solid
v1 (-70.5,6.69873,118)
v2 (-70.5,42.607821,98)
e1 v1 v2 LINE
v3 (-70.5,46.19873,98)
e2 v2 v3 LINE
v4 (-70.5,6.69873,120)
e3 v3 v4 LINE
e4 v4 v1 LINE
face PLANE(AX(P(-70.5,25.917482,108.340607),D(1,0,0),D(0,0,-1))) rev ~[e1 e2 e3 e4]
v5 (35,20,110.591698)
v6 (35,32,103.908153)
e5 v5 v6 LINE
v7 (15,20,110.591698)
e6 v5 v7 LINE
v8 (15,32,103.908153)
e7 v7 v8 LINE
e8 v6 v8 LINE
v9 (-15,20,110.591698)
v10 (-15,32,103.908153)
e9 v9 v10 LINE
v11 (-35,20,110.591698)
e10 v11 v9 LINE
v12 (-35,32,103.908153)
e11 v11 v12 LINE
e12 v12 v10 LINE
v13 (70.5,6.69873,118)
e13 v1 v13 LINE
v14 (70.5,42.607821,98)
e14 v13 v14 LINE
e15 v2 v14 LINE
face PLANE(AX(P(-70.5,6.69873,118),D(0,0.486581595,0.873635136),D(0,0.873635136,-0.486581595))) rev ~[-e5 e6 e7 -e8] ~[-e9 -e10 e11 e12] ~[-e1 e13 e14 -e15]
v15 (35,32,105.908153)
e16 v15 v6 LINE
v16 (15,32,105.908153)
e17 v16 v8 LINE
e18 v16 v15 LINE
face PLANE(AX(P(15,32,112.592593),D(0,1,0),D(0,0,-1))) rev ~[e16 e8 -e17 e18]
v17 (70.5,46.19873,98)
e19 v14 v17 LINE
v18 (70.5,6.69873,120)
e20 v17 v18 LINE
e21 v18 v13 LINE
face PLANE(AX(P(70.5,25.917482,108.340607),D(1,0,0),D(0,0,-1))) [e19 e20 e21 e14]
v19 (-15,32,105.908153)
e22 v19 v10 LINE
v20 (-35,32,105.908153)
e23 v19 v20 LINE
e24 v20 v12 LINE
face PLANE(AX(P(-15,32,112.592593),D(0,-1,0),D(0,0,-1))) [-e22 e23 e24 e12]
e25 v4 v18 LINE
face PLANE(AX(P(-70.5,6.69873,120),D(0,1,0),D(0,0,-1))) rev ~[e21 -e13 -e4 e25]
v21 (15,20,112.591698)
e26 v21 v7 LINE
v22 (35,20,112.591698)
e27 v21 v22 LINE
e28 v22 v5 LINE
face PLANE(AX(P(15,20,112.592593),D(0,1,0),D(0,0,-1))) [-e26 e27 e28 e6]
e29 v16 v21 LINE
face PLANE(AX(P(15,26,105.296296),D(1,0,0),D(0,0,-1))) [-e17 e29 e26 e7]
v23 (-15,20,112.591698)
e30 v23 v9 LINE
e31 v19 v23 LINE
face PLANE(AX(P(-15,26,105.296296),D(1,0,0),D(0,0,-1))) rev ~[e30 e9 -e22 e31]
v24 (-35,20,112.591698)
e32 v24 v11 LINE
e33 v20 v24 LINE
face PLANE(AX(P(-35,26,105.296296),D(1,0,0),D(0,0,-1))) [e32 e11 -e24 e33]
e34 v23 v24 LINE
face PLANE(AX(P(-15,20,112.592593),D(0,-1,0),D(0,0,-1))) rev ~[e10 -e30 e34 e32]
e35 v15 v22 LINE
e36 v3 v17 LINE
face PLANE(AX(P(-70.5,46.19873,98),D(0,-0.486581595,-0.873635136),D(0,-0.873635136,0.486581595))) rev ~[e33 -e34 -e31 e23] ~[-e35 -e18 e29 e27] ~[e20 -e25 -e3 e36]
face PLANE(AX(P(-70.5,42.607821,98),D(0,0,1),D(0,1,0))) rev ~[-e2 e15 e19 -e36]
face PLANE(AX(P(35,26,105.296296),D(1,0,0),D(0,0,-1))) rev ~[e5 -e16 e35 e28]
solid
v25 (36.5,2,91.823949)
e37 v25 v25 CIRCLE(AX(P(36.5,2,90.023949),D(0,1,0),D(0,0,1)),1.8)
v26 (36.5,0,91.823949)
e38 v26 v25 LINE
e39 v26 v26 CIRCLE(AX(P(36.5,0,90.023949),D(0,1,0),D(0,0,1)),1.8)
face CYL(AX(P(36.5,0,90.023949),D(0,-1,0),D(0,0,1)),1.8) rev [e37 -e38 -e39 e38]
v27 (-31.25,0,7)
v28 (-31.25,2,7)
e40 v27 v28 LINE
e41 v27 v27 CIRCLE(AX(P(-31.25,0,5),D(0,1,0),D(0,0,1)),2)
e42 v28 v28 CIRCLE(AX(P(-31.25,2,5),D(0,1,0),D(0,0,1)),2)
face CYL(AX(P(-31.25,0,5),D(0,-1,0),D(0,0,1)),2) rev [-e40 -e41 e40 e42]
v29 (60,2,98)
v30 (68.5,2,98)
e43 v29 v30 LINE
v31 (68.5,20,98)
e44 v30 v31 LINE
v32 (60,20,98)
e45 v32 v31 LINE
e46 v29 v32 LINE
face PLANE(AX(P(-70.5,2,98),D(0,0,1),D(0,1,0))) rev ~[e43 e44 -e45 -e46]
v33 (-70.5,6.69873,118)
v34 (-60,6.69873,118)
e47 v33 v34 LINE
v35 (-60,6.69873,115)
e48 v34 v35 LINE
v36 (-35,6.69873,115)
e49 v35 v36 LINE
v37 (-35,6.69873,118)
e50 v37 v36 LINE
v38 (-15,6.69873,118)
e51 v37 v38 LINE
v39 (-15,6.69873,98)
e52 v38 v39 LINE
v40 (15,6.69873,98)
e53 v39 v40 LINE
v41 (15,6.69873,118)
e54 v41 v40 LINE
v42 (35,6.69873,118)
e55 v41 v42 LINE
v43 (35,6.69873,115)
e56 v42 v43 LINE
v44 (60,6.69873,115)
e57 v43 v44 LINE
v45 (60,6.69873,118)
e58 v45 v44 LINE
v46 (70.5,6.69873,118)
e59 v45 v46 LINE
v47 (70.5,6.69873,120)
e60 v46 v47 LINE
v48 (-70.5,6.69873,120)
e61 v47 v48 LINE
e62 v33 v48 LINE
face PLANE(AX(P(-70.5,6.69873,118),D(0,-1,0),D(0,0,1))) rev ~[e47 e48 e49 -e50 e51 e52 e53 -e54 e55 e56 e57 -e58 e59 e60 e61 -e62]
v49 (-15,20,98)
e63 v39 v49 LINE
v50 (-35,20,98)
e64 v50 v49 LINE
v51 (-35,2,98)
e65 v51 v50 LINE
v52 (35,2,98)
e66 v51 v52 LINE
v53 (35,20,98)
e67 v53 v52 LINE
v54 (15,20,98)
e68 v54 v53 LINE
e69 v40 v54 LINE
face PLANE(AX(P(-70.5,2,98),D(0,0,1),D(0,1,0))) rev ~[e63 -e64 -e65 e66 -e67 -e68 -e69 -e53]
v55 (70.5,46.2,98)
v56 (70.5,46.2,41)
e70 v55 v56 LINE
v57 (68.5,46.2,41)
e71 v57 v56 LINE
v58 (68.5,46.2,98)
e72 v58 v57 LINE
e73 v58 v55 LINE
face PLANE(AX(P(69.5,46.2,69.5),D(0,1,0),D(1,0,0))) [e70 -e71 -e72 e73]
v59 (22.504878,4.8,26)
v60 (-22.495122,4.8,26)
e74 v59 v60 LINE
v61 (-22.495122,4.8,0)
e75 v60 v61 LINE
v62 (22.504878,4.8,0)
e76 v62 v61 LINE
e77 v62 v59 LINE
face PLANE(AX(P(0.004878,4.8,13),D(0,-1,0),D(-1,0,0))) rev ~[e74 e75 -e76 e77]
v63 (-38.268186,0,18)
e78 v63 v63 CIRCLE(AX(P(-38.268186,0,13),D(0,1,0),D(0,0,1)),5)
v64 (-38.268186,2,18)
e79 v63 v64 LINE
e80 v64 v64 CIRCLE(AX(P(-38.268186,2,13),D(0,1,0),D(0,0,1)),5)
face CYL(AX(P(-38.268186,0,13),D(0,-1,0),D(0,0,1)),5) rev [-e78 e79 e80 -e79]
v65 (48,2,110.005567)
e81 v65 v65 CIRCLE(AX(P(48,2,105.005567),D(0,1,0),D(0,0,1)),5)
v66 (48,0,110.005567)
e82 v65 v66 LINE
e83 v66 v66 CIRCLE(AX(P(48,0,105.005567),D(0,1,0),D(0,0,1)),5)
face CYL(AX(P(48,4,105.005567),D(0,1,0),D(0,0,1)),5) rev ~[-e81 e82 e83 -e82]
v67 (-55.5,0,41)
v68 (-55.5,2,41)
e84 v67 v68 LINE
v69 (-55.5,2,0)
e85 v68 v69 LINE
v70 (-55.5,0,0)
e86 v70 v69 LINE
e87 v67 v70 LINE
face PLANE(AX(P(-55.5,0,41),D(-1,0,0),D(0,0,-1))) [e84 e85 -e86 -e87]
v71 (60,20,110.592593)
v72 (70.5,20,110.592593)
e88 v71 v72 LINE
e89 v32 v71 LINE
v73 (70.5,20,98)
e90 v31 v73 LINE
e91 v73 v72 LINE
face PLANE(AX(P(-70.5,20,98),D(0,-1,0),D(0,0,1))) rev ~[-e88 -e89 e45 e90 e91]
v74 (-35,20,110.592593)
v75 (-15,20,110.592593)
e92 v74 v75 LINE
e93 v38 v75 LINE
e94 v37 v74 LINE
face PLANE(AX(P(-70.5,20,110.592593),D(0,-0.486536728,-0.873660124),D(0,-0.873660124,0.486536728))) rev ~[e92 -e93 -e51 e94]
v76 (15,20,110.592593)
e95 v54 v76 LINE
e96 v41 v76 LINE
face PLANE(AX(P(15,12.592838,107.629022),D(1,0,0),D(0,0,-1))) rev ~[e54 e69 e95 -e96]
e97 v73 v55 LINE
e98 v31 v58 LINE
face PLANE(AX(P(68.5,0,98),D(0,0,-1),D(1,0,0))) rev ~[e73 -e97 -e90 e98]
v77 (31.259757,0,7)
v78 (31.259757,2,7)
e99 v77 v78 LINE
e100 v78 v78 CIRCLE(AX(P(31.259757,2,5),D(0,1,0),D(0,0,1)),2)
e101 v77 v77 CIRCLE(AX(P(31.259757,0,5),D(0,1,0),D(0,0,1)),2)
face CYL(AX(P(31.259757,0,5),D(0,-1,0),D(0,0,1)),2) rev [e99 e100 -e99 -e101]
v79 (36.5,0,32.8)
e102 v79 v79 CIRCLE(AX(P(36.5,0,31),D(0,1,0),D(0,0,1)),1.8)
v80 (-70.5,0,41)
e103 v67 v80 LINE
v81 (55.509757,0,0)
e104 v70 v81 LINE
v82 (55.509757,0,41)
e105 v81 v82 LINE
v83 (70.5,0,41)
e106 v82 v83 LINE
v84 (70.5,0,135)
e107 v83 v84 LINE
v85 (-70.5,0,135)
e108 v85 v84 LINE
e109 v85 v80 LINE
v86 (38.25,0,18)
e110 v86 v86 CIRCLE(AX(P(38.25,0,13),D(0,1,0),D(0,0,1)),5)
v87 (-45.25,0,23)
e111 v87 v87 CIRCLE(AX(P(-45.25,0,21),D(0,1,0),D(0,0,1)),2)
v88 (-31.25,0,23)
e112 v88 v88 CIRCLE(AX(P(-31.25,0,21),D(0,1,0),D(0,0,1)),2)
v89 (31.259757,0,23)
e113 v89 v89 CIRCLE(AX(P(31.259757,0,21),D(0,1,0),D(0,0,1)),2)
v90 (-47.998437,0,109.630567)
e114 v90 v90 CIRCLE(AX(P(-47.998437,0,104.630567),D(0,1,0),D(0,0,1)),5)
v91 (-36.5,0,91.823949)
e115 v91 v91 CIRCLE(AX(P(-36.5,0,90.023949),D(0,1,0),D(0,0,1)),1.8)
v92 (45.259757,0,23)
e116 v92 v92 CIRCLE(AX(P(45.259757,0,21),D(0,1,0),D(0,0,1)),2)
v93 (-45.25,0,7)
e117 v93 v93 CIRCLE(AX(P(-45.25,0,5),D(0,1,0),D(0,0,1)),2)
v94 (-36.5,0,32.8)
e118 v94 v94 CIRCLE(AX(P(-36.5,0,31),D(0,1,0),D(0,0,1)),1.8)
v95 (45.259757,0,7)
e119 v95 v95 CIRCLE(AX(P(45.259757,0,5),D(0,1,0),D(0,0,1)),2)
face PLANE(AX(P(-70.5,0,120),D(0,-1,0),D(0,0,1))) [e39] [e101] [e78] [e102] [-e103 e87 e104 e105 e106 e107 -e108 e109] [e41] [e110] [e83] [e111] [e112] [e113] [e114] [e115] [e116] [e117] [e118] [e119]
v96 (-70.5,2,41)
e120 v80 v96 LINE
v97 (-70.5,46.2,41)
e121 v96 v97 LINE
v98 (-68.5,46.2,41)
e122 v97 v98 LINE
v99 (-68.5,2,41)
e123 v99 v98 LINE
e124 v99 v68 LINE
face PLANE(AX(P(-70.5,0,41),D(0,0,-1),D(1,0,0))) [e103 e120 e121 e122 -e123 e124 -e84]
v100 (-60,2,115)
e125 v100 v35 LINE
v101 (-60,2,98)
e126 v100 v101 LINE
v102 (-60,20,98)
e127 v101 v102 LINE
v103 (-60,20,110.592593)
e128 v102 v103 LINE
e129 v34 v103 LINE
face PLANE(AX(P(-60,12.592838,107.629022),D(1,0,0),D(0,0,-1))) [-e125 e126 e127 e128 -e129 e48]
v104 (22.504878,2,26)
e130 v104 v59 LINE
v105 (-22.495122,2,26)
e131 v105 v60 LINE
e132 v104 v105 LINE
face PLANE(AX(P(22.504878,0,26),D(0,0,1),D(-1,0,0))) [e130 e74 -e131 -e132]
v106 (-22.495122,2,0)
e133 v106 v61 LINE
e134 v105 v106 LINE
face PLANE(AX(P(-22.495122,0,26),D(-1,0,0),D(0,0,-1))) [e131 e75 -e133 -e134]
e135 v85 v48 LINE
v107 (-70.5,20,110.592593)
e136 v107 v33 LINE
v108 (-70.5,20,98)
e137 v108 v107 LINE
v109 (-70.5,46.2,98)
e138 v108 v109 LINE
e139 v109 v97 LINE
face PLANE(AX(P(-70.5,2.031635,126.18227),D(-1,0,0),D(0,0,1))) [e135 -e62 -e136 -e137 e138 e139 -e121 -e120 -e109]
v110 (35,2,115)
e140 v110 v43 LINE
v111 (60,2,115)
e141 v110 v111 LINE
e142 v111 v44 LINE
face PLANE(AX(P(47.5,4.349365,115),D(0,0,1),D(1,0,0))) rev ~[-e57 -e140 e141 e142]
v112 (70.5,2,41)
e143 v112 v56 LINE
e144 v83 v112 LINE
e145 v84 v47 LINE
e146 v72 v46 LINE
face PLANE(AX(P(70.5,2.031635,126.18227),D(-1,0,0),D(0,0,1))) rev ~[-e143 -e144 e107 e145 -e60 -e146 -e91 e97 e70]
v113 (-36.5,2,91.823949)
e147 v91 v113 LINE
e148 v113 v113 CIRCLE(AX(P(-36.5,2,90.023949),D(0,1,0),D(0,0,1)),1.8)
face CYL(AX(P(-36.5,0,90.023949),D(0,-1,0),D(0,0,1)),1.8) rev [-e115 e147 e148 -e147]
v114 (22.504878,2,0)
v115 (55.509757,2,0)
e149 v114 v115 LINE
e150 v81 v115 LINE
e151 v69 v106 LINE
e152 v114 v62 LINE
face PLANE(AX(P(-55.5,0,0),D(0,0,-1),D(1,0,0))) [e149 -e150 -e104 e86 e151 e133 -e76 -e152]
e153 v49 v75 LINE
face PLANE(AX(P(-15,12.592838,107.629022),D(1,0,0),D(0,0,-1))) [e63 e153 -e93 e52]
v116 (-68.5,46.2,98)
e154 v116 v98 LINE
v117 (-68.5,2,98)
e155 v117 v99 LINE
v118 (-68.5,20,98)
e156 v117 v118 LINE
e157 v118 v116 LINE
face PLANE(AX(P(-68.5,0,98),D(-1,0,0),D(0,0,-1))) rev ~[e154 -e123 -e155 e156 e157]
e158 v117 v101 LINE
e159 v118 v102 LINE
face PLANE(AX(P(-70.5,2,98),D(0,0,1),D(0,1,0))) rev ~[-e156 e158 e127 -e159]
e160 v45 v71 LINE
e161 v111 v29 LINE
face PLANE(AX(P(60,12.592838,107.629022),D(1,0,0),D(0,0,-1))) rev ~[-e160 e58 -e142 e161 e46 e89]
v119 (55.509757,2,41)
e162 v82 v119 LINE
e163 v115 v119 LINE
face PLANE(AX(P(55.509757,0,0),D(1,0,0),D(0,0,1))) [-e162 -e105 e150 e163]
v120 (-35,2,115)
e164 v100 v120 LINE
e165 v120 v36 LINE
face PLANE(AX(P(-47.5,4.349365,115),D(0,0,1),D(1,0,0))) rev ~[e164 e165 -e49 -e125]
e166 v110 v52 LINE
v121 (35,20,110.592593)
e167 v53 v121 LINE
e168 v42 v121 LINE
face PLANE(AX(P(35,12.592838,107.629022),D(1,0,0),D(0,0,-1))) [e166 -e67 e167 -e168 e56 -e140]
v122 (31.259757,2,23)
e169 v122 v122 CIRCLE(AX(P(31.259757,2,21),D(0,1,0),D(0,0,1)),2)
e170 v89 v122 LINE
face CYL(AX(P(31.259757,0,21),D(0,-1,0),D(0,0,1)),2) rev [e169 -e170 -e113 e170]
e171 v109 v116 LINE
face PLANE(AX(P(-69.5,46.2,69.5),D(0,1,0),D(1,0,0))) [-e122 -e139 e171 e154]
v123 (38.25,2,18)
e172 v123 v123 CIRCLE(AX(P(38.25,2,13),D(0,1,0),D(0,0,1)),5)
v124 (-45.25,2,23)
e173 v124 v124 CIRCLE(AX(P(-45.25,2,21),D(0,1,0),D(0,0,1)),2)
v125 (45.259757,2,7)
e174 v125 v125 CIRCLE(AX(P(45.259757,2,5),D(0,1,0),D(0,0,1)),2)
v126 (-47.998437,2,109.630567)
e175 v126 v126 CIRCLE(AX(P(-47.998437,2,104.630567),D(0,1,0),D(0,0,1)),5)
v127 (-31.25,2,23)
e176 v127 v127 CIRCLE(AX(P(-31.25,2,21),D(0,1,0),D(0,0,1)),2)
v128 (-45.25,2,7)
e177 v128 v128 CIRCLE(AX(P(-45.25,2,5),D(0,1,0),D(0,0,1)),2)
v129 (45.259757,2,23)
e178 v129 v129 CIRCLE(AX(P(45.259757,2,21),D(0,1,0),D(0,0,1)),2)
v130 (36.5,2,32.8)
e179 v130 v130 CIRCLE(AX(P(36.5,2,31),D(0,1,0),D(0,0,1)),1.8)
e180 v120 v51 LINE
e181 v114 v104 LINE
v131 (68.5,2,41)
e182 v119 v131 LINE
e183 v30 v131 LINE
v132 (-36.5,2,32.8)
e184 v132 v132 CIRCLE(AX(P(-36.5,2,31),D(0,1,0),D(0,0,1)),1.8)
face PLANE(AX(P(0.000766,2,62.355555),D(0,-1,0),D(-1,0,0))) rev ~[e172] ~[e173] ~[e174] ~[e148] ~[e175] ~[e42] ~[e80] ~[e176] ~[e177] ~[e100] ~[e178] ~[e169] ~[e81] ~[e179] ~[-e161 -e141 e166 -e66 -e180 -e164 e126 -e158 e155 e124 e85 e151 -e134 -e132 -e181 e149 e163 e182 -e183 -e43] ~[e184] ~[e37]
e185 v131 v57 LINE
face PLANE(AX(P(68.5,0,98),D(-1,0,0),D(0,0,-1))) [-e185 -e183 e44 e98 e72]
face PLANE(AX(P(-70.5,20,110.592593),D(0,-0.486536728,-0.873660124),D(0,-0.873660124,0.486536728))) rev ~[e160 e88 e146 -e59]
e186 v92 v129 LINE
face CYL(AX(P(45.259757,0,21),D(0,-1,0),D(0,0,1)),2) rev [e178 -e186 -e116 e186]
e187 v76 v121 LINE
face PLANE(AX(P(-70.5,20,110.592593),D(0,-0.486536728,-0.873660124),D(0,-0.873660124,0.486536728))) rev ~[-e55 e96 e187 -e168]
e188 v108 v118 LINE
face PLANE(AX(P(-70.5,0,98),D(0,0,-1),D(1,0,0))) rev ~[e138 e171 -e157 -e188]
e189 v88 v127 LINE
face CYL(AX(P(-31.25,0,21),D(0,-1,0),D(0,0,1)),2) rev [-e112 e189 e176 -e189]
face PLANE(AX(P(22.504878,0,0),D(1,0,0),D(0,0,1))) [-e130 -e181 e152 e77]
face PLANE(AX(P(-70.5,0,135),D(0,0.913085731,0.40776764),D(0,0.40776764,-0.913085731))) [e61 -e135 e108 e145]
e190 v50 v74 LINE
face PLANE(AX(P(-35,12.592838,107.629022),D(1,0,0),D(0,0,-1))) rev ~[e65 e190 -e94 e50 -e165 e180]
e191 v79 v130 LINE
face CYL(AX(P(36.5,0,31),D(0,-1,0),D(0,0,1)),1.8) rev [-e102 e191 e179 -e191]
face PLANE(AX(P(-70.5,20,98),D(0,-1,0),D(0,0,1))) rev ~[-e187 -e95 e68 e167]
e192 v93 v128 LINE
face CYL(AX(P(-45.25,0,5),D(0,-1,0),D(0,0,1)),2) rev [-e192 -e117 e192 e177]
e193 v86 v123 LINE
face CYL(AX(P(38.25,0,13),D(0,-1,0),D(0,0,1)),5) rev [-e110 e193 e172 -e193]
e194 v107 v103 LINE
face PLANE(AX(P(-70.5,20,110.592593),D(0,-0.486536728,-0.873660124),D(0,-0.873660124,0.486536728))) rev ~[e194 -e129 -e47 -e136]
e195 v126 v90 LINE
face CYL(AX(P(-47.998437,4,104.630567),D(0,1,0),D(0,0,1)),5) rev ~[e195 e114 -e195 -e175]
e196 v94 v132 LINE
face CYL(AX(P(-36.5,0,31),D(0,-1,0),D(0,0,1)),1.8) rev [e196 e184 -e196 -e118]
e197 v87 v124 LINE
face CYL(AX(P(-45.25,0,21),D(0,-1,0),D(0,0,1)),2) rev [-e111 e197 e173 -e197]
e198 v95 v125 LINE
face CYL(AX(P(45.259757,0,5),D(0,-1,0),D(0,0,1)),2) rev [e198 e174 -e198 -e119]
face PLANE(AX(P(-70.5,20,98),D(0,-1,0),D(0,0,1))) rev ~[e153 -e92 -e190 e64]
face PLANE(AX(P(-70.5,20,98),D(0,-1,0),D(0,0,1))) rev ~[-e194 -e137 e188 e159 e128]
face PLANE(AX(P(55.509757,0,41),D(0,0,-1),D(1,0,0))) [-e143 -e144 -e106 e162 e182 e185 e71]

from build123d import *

# Parameters (mm, degrees)
SKETCH1_R                 = 1.8
SKETCH1_R_2               = 2
SKETCH1_R_3               = 5
BOSS_EXTRUDE1_DEPTH       = 2
BOSS_EXTRUDE6_DEPTH       = 70.5
BOSS_EXTRUDE6_DEPTH_BACK  = 70.5
CUT_EXTRUDE8_DEPTH        = 15
CUT_EXTRUDE8_DEPTH_BACK   = 15
CUT_EXTRUDE9_START        = -35
CUT_EXTRUDE9_DEPTH        = 25
CUT_EXTRUDE10_START       = 35
CUT_EXTRUDE10_DEPTH       = 25
CUT_EXTRUDE11_DEPTH       = 70.5
CUT_EXTRUDE11_DEPTH_BACK  = 70.5
CUT_EXTRUDE12_START       = 115
SKETCH11_W                = 25
SKETCH11_H                = 4.698729811
CUT_EXTRUDE12_DEPTH       = 20
CUT_EXTRUDE13_START       = 4
SKETCH7_R                 = 5
CUT_EXTRUDE13_DEPTH       = 10
BOSS_EXTRUDE7_DEPTH       = 70.5
BOSS_EXTRUDE7_DEPTH_BACK  = 70.5
SKETCH15_W                = 2
SKETCH15_H                = 57.000000003
BOSS_EXTRUDE8_DEPTH       = 46.2
CUT_EXTRUDE16_START       = -15
SKETCH13_W                = 14.59259259
SKETCH13_H                = 12
CUT_EXTRUDE16_DEPTH       = 20
CUT_EXTRUDE17_START       = 15
SKETCH13_3_W              = 14.59259259
SKETCH13_3_H              = 12
CUT_EXTRUDE17_DEPTH       = 20
BOSS_EXTRUDE9_DEPTH       = 4.8
BOSS_EXTRUDE10_DEPTH      = 70.5
BOSS_EXTRUDE10_DEPTH_BACK = 70.5


with BuildPart() as part:
    # Sketch1 → Boss-Extrude1 (new body)
    with BuildSketch(Plane(origin=(0, 0, 0), x_dir=(1, 0, 0), z_dir=(0, 1, 0))):
        Polygon((-55.5, 0), (55.509756816, 0), (55.509756816, -41), (70.5, -41), (70.5, -120), (-70.5, -120), (-70.5, -41), (-55.5, -41), align=None)
        with Locations(Location((-36.5, -90.02394851, 0), (0, 0, 270))):
            Circle(SKETCH1_R, mode=Mode.SUBTRACT)
        with Locations(Location((36.5, -31, 0), (0, 0, 270))):
            Circle(SKETCH1_R, mode=Mode.SUBTRACT)
        with Locations(Location((36.5, -90.02394851, 0), (0, 0, 270))):
            Circle(SKETCH1_R, mode=Mode.SUBTRACT)
        with Locations(Location((-36.5, -31, 0), (0, 0, 270))):
            Circle(SKETCH1_R, mode=Mode.SUBTRACT)
        with Locations(Location((-45.25, -21, 0), (0, 0, 270))):
            Circle(SKETCH1_R_2, mode=Mode.SUBTRACT)
        with Locations(Location((-31.25, -21, 0), (0, 0, 270))):
            Circle(SKETCH1_R_2, mode=Mode.SUBTRACT)
        with Locations(Location((-31.25, -5, 0), (0, 0, 270))):
            Circle(SKETCH1_R_2, mode=Mode.SUBTRACT)
        with Locations(Location((-45.25, -5, 0), (0, 0, 270))):
            Circle(SKETCH1_R_2, mode=Mode.SUBTRACT)
        with Locations(Location((-38.268185647, -13, 0), (0, 0, 270))):
            Circle(SKETCH1_R_3, mode=Mode.SUBTRACT)
        with Locations(Location((31.259756816, -21, 0), (0, 0, 270))):
            Circle(SKETCH1_R_2, mode=Mode.SUBTRACT)
        with Locations(Location((45.259756816, -21, 0), (0, 0, 270))):
            Circle(SKETCH1_R_2, mode=Mode.SUBTRACT)
        with Locations(Location((45.259756816, -5, 0), (0, 0, 270))):
            Circle(SKETCH1_R_2, mode=Mode.SUBTRACT)
        with Locations(Location((31.259756816, -5, 0), (0, 0, 270))):
            Circle(SKETCH1_R_2, mode=Mode.SUBTRACT)
        with Locations(Location((38.25, -13, 0), (0, 0, 270))):
            Circle(SKETCH1_R_3, mode=Mode.SUBTRACT)
    extrude(amount=BOSS_EXTRUDE1_DEPTH)

    # Sketch2<9> → Boss-Extrude6 (add, two sides: drawn at the far end of the back side and taken through both)
    with BuildSketch(Plane(origin=(0, 0, 0), x_dir=(0, 0, -1), z_dir=(1, 0, 0)).offset(-BOSS_EXTRUDE6_DEPTH_BACK)):
        Polygon((-98.000000003, 20), (-110.592592593, 20), (-112.592592593, 20), (-120, 6.698729811), (-120, 2), (-98.000000003, 2), (-98.000000003, 6.698729811), align=None)
    extrude(amount=BOSS_EXTRUDE6_DEPTH + BOSS_EXTRUDE6_DEPTH_BACK)

    # Sketch2<15> → Cut-Extrude8 (cut, two sides: drawn at the far end of the back side and taken through both)
    with BuildSketch(Plane(origin=(0, 0, 0), x_dir=(0, 0, -1), z_dir=(1, 0, 0)).offset(-CUT_EXTRUDE8_DEPTH_BACK)):
        Polygon((-98.000000003, 20), (-110.592592593, 20), (-112.592592593, 20), (-120, 6.698729811), (-118, 6.698729811), (-98.000000003, 6.698729811), align=None)
    extrude(amount=CUT_EXTRUDE8_DEPTH + CUT_EXTRUDE8_DEPTH_BACK, mode=Mode.SUBTRACT)

    # Sketch2<17> → Cut-Extrude9 (cut)
    with BuildSketch(Plane(origin=(0, 0, 0), x_dir=(0, 0, -1), z_dir=(1, 0, 0)).offset(CUT_EXTRUDE9_START)):
        Polygon((-98.000000003, 20), (-110.592592593, 20), (-112.592592593, 20), (-120, 6.698729811), (-118, 6.698729811), (-98.000000003, 6.698729811), align=None)
    extrude(amount=-CUT_EXTRUDE9_DEPTH, mode=Mode.SUBTRACT)

    # Sketch2<18> → Cut-Extrude10 (cut)
    with BuildSketch(Plane(origin=(0, 0, 0), x_dir=(0, 0, -1), z_dir=(1, 0, 0)).offset(CUT_EXTRUDE10_START)):
        Polygon((-98.000000003, 20), (-110.592592593, 20), (-112.592592593, 20), (-120, 6.698729811), (-118, 6.698729811), (-98.000000003, 6.698729811), align=None)
    extrude(amount=CUT_EXTRUDE10_DEPTH, mode=Mode.SUBTRACT)

    # Sketch2 → Cut-Extrude11 (cut, two sides: drawn at the far end of the back side and taken through both)
    with BuildSketch(Plane(origin=(0, 0, 0), x_dir=(0, 0, -1), z_dir=(1, 0, 0)).offset(-CUT_EXTRUDE11_DEPTH_BACK)):
        Polygon((-120, 6.698729811), (-112.592592593, 20), (-110.592592593, 20), (-118, 6.698729811), align=None)
    extrude(amount=CUT_EXTRUDE11_DEPTH + CUT_EXTRUDE11_DEPTH_BACK, mode=Mode.SUBTRACT)

    # Sketch11 → Cut-Extrude12 (cut)
    with BuildSketch(Plane.XY.offset(CUT_EXTRUDE12_START)):
        with Locations((-47.5, 4.349364905)):
            Rectangle(SKETCH11_W, SKETCH11_H)
        with Locations((47.5, 4.349364905)):
            Rectangle(SKETCH11_W, SKETCH11_H)
    extrude(amount=-CUT_EXTRUDE12_DEPTH, mode=Mode.SUBTRACT)

    # Sketch7 → Cut-Extrude13 (cut)
    with BuildSketch(Plane(origin=(0, 0, 0), x_dir=(1, 0, 0), z_dir=(0, 1, 0)).offset(CUT_EXTRUDE13_START)):
        with Locations(Location((-47.998437473, -104.630567113, 0), (0, 0, 270))):
            Circle(SKETCH7_R)
        with Locations(Location((48, -105.005567113, 0), (0, 0, 270))):
            Circle(SKETCH7_R)
    extrude(amount=-CUT_EXTRUDE13_DEPTH, mode=Mode.SUBTRACT)

    # Sketch15 → Boss-Extrude8 (add)
    with BuildSketch(Plane(origin=(0, 0, 0), x_dir=(1, 0, 0), z_dir=(0, 1, 0))):
        with Locations((-69.5, -69.500000002)):
            Rectangle(SKETCH15_W, SKETCH15_H)
        with Locations((69.5, -69.500000002)):
            Rectangle(SKETCH15_W, SKETCH15_H)
    extrude(amount=BOSS_EXTRUDE8_DEPTH)

    # Sketch17 → Boss-Extrude9 (add)
    with BuildSketch(Plane(origin=(0, 0, 0), x_dir=(1, 0, 0), z_dir=(0, 1, 0))):
        Polygon((0.004878408, 0), (22.504878408, 0), (22.504878408, -26), (-22.495121592, -26), (-22.495121592, 0), align=None)
    extrude(amount=BOSS_EXTRUDE9_DEPTH)

    # Sketch2<22> → Boss-Extrude10 (add, two sides: drawn at the far end of the back side and taken through both)
    with BuildSketch(Plane(origin=(0, 0, 0), x_dir=(0, 0, -1), z_dir=(1, 0, 0)).offset(-BOSS_EXTRUDE10_DEPTH_BACK)):
        Polygon((-120, 6.698729811), (-120, 2), (-120, 0), (-135, 0), align=None)
    extrude(amount=BOSS_EXTRUDE10_DEPTH + BOSS_EXTRUDE10_DEPTH_BACK)


with BuildPart() as body_2:
    # Sketch12 → Boss-Extrude7 (new, two sides: drawn at the far end of the back side and taken through both)
    with BuildSketch(Plane(origin=(0, 0, 0), x_dir=(0, 0, -1), z_dir=(1, 0, 0)).offset(-BOSS_EXTRUDE7_DEPTH_BACK)):
        Polygon((-98.000000003, 42.607820719), (-98.000000003, 46.198729811), (-120, 6.698729811), (-118, 6.698729811), align=None)
    extrude(amount=BOSS_EXTRUDE7_DEPTH + BOSS_EXTRUDE7_DEPTH_BACK)

    # Sketch13 → Cut-Extrude16 (cut)
    with BuildSketch(Plane(origin=(0, 0, 0), x_dir=(0, 0, -1), z_dir=(1, 0, 0)).offset(CUT_EXTRUDE16_START)):
        with Locations((-105.296296298, 26)):
            Rectangle(SKETCH13_W, SKETCH13_H)
    extrude(amount=-CUT_EXTRUDE16_DEPTH, mode=Mode.SUBTRACT)

    # Sketch13<3> → Cut-Extrude17 (cut)
    with BuildSketch(Plane(origin=(0, 0, 0), x_dir=(0, 0, -1), z_dir=(1, 0, 0)).offset(CUT_EXTRUDE17_START)):
        with Locations((-105.296296298, 26)):
            Rectangle(SKETCH13_3_W, SKETCH13_3_H)
    extrude(amount=CUT_EXTRUDE17_DEPTH, mode=Mode.SUBTRACT)


solid = Compound([part.part, body_2.part])
